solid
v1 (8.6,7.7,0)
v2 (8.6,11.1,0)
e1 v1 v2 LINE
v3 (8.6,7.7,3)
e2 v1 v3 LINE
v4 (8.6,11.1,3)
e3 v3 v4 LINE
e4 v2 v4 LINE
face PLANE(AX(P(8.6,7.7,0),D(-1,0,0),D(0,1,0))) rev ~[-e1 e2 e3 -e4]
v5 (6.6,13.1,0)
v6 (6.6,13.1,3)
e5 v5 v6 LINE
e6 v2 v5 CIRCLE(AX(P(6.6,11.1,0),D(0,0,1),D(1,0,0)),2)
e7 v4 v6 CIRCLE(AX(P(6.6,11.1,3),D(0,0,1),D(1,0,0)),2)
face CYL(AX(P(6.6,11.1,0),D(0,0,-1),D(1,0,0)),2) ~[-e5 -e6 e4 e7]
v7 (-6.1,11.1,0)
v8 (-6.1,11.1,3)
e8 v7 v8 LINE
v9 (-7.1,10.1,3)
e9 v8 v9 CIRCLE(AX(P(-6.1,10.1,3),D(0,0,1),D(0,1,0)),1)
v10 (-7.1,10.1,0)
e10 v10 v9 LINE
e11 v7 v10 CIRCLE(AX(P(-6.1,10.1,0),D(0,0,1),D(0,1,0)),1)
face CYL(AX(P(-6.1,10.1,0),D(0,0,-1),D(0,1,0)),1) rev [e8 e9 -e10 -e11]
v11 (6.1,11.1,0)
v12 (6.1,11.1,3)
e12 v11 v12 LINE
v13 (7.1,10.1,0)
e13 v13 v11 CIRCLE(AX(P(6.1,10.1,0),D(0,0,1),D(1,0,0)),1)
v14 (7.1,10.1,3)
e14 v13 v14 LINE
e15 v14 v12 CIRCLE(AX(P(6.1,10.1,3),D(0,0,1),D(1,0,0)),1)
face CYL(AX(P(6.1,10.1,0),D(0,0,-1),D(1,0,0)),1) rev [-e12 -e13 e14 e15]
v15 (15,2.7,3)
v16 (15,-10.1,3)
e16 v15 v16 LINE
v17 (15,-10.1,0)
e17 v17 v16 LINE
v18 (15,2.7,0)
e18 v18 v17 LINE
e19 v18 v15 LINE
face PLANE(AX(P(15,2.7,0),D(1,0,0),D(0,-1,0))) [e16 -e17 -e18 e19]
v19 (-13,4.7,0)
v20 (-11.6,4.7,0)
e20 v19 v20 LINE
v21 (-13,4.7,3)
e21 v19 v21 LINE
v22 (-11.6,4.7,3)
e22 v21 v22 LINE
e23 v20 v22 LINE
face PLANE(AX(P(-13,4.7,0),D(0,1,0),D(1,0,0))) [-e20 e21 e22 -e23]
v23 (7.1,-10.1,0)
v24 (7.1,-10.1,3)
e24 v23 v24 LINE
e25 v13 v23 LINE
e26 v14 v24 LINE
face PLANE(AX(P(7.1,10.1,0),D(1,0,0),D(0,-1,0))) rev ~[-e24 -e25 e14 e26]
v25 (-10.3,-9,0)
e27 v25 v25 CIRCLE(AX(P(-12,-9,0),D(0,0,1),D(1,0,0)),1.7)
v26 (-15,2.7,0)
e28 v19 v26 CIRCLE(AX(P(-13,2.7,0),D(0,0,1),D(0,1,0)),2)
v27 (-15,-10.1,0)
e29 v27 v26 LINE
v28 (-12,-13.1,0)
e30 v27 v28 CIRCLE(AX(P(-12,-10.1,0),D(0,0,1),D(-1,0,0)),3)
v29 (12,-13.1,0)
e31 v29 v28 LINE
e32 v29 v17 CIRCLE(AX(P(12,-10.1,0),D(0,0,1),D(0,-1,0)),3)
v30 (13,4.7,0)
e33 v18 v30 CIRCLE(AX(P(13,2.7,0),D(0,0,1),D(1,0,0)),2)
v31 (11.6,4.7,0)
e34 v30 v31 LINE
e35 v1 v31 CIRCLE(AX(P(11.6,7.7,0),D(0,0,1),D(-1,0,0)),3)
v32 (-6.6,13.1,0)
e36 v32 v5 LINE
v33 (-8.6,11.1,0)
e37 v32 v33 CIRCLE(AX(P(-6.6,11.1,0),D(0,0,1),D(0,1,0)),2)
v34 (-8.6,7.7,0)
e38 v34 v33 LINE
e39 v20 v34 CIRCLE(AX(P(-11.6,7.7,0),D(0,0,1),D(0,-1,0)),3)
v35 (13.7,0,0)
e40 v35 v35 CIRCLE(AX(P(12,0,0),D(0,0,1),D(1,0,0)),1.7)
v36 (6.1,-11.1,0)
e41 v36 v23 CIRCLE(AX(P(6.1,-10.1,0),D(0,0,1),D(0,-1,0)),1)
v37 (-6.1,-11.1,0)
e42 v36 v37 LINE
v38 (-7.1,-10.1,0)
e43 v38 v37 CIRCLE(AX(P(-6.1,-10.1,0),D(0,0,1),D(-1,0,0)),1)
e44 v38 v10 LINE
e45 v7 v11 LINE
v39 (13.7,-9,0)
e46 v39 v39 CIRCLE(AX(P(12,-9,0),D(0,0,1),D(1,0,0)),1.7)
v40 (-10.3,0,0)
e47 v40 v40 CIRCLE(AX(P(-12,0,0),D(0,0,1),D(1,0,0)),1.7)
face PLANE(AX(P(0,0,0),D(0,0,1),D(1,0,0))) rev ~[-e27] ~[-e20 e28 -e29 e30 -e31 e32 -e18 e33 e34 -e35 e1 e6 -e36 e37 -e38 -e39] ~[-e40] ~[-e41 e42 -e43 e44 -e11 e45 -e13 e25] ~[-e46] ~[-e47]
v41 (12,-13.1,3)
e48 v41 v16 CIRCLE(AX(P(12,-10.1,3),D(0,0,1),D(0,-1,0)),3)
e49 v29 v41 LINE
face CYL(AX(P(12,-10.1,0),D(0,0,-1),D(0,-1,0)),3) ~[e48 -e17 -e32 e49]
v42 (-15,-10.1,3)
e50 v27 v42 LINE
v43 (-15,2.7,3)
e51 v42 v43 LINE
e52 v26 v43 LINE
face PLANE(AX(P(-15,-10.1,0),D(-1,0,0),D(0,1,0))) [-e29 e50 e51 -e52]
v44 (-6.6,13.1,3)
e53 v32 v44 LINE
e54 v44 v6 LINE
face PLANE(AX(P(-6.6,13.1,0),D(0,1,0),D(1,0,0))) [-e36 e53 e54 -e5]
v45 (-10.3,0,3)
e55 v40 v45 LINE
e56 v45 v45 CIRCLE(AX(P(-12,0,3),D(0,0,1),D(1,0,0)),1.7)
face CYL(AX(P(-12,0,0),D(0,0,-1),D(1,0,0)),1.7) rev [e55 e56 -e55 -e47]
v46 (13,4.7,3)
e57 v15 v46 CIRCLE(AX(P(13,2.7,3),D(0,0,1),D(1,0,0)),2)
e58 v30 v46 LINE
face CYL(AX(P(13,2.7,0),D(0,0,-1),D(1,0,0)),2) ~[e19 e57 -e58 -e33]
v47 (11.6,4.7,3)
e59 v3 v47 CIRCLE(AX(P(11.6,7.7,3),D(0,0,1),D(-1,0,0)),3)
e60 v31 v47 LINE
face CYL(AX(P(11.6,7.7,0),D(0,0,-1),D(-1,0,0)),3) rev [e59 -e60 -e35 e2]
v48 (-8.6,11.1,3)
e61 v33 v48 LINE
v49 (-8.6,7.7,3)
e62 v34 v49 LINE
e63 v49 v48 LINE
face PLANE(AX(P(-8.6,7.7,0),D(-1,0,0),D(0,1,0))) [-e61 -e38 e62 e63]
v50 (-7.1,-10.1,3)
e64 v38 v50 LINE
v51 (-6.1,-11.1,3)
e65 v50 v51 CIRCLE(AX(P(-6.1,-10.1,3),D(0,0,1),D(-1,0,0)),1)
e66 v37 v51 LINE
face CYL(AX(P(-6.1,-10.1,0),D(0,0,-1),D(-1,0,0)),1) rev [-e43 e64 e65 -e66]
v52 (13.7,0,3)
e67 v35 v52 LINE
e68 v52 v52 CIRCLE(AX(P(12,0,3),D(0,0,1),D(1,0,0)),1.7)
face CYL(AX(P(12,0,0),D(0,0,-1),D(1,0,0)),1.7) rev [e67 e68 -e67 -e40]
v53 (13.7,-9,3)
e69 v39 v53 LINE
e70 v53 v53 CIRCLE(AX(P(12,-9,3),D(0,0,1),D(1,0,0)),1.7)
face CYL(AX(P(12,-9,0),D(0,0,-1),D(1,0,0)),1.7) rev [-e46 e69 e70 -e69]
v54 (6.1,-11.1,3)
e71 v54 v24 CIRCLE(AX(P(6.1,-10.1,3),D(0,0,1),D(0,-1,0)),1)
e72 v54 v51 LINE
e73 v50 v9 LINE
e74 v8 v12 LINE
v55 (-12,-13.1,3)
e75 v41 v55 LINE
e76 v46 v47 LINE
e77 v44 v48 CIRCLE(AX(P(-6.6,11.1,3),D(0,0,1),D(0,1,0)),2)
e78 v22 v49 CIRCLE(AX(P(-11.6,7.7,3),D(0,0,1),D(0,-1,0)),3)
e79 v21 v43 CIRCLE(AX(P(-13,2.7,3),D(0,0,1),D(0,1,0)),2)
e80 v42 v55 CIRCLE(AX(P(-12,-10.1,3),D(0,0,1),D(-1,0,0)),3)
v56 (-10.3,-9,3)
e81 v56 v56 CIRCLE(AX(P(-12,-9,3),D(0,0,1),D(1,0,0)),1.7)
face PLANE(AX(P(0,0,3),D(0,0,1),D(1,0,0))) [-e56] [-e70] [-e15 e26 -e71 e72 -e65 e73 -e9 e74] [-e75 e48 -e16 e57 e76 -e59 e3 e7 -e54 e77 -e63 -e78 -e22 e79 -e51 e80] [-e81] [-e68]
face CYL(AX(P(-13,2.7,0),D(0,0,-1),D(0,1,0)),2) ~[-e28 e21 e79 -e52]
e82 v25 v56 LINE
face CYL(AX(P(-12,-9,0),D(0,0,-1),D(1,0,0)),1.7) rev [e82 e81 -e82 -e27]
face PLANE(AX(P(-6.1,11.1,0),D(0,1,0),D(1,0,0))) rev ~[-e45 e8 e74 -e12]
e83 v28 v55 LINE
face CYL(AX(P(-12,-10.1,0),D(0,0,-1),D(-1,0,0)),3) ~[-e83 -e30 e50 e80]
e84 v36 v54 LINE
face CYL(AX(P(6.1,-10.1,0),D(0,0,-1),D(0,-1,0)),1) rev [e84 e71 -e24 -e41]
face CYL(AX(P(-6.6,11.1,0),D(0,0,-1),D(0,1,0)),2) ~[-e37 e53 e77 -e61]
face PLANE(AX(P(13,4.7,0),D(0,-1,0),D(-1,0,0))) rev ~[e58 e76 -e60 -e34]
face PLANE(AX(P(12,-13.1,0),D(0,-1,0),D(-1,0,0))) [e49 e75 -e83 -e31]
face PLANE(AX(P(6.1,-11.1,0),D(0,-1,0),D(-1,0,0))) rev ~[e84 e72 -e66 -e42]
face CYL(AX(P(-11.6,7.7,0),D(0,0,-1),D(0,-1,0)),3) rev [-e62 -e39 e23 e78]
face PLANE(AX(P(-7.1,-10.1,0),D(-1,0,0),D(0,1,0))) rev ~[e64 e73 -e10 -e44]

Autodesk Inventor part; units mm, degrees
ref_plane "YZ Plane" through (0, 0, 0) normal (1, 0, 0) x (0, 1, 0)
ref_plane "XZ Plane" through (0, 0, 0) normal (0, 1, 0) x (-1, 0, 0)
ref_plane "XY Plane" through (0, 0, 0) normal (0, 0, 1) x (1, 0, 0)
sketch "Sketch1" plane through (0, 0, 0) normal (0, 0, 1) x (1, 0, 0)
  line L0 (-6.1, 11.1) -> (6.1, 11.1)
  line L1 (7.1, 10.1) -> (7.1, -10.1)
  line L2 (6.1, -11.1) -> (-6.1, -11.1)
  line L3 (-7.1, -10.1) -> (-7.1, 10.1)
  arc A0 (-7.1, -10.1) -> (-6.1, -11.1) centre (-6.1, -10.1) ccw
  arc A1 (6.1, -11.1) -> (7.1, -10.1) centre (6.1, -10.1) ccw
  arc A2 (7.1, 10.1) -> (6.1, 11.1) centre (6.1, 10.1) ccw
  arc A3 (-6.1, 11.1) -> (-7.1, 10.1) centre (-6.1, 10.1) ccw
  circle A4 centre (-12, 0) radius 1.7
  circle A5 centre (-12, -9) radius 1.7
  circle A6 centre (12, 0) radius 1.7
  circle A7 centre (12, -9) radius 1.7
  line L4 (-12, 13.1) -> (6.6, 13.1)
  line L5 (15, 2.7) -> (15, -10.1)
  line L6 (12, -13.1) -> (-12, -13.1)
  line L7 (-15, -10.1) -> (-15, 10.1)
  arc A8 (-12, 13.1) -> (-15, 10.1) centre (-12, 10.1) ccw
  arc A9 (15, 10.1) -> (12, 13.1) centre (12, 10.1) ccw
  arc A10 (12, -13.1) -> (15, -10.1) centre (12, -10.1) ccw
  arc A11 (-15, -10.1) -> (-12, -13.1) centre (-12, -10.1) ccw
  line L8 (8.6, 13.1) -> (15, 13.1)
  line L9 (15, 13.1) -> (15, 4.7)
  line L10 (13, 4.7) -> (11.6, 4.7)
  line L11 (8.6, 7.7) -> (8.6, 11.1)
  arc A12 (8.6, 7.7) -> (11.6, 4.7) centre (11.6, 7.7) ccw
  arc A13 (8.6, 11.1) -> (6.6, 13.1) centre (6.6, 11.1) ccw
  arc A14 (15, 2.7) -> (13, 4.7) centre (13, 2.7) ccw
  line L12 (0, 11.1) -> (0, -11.1) construction
  line L13 (-13, 4.7) -> (-11.6, 4.7)
  line L14 (-8.6, 7.7) -> (-8.6, 11.1)
  arc A15 (-11.6, 4.7) -> (-8.6, 7.7) centre (-11.6, 7.7) ccw
  arc A16 (-6.6, 13.1) -> (-8.6, 11.1) centre (-6.6, 11.1) ccw
  arc A17 (-13, 4.7) -> (-15, 2.7) centre (-13, 2.7) ccw
  point P0 (0, 0)
  point P1 (7.1, -11.1)
  point P2 (7.1, 11.1)
  point P3 (-7.1, -11.1)
  point P4 (-6.6, 13.1)
  dimension "d0" = 14.2
  dimension "d1" = 22.2
  dimension "d2" = 1
  dimension "d3" = 7.1
  dimension "d4" = 11.1
  dimension "d5" = 3.4
  dimension "d8" = 9
  dimension "d11" = 24
  dimension "d14" = 0
  dimension "d15" = 12
  dimension "d16" = 3
  dimension "d17" = 3
  dimension "d18" = 2
  dimension "d19" = 2
  dimension "d20" = 3
  dimension "d23" = 1.5
  dimension "d24" = 3
  dimension "d25" = 3
  dimension "d26" = 2
extrude "Extrusion1" add sketch "Sketch1" along normal blind 3 contours L4 A13 L11 A12 L10 A14 L5 A10 L6 A11 L7 A17 L13 A15 L14 A16
equation "\"d3\" = 0.5 * d0"
equation "\"d4\" = 0.5 * d1"
equation "\"d15\" = 0.5 * d11"
equation "\"d17\" = d16"
properties part number "skye_airspeed_inside_back"
